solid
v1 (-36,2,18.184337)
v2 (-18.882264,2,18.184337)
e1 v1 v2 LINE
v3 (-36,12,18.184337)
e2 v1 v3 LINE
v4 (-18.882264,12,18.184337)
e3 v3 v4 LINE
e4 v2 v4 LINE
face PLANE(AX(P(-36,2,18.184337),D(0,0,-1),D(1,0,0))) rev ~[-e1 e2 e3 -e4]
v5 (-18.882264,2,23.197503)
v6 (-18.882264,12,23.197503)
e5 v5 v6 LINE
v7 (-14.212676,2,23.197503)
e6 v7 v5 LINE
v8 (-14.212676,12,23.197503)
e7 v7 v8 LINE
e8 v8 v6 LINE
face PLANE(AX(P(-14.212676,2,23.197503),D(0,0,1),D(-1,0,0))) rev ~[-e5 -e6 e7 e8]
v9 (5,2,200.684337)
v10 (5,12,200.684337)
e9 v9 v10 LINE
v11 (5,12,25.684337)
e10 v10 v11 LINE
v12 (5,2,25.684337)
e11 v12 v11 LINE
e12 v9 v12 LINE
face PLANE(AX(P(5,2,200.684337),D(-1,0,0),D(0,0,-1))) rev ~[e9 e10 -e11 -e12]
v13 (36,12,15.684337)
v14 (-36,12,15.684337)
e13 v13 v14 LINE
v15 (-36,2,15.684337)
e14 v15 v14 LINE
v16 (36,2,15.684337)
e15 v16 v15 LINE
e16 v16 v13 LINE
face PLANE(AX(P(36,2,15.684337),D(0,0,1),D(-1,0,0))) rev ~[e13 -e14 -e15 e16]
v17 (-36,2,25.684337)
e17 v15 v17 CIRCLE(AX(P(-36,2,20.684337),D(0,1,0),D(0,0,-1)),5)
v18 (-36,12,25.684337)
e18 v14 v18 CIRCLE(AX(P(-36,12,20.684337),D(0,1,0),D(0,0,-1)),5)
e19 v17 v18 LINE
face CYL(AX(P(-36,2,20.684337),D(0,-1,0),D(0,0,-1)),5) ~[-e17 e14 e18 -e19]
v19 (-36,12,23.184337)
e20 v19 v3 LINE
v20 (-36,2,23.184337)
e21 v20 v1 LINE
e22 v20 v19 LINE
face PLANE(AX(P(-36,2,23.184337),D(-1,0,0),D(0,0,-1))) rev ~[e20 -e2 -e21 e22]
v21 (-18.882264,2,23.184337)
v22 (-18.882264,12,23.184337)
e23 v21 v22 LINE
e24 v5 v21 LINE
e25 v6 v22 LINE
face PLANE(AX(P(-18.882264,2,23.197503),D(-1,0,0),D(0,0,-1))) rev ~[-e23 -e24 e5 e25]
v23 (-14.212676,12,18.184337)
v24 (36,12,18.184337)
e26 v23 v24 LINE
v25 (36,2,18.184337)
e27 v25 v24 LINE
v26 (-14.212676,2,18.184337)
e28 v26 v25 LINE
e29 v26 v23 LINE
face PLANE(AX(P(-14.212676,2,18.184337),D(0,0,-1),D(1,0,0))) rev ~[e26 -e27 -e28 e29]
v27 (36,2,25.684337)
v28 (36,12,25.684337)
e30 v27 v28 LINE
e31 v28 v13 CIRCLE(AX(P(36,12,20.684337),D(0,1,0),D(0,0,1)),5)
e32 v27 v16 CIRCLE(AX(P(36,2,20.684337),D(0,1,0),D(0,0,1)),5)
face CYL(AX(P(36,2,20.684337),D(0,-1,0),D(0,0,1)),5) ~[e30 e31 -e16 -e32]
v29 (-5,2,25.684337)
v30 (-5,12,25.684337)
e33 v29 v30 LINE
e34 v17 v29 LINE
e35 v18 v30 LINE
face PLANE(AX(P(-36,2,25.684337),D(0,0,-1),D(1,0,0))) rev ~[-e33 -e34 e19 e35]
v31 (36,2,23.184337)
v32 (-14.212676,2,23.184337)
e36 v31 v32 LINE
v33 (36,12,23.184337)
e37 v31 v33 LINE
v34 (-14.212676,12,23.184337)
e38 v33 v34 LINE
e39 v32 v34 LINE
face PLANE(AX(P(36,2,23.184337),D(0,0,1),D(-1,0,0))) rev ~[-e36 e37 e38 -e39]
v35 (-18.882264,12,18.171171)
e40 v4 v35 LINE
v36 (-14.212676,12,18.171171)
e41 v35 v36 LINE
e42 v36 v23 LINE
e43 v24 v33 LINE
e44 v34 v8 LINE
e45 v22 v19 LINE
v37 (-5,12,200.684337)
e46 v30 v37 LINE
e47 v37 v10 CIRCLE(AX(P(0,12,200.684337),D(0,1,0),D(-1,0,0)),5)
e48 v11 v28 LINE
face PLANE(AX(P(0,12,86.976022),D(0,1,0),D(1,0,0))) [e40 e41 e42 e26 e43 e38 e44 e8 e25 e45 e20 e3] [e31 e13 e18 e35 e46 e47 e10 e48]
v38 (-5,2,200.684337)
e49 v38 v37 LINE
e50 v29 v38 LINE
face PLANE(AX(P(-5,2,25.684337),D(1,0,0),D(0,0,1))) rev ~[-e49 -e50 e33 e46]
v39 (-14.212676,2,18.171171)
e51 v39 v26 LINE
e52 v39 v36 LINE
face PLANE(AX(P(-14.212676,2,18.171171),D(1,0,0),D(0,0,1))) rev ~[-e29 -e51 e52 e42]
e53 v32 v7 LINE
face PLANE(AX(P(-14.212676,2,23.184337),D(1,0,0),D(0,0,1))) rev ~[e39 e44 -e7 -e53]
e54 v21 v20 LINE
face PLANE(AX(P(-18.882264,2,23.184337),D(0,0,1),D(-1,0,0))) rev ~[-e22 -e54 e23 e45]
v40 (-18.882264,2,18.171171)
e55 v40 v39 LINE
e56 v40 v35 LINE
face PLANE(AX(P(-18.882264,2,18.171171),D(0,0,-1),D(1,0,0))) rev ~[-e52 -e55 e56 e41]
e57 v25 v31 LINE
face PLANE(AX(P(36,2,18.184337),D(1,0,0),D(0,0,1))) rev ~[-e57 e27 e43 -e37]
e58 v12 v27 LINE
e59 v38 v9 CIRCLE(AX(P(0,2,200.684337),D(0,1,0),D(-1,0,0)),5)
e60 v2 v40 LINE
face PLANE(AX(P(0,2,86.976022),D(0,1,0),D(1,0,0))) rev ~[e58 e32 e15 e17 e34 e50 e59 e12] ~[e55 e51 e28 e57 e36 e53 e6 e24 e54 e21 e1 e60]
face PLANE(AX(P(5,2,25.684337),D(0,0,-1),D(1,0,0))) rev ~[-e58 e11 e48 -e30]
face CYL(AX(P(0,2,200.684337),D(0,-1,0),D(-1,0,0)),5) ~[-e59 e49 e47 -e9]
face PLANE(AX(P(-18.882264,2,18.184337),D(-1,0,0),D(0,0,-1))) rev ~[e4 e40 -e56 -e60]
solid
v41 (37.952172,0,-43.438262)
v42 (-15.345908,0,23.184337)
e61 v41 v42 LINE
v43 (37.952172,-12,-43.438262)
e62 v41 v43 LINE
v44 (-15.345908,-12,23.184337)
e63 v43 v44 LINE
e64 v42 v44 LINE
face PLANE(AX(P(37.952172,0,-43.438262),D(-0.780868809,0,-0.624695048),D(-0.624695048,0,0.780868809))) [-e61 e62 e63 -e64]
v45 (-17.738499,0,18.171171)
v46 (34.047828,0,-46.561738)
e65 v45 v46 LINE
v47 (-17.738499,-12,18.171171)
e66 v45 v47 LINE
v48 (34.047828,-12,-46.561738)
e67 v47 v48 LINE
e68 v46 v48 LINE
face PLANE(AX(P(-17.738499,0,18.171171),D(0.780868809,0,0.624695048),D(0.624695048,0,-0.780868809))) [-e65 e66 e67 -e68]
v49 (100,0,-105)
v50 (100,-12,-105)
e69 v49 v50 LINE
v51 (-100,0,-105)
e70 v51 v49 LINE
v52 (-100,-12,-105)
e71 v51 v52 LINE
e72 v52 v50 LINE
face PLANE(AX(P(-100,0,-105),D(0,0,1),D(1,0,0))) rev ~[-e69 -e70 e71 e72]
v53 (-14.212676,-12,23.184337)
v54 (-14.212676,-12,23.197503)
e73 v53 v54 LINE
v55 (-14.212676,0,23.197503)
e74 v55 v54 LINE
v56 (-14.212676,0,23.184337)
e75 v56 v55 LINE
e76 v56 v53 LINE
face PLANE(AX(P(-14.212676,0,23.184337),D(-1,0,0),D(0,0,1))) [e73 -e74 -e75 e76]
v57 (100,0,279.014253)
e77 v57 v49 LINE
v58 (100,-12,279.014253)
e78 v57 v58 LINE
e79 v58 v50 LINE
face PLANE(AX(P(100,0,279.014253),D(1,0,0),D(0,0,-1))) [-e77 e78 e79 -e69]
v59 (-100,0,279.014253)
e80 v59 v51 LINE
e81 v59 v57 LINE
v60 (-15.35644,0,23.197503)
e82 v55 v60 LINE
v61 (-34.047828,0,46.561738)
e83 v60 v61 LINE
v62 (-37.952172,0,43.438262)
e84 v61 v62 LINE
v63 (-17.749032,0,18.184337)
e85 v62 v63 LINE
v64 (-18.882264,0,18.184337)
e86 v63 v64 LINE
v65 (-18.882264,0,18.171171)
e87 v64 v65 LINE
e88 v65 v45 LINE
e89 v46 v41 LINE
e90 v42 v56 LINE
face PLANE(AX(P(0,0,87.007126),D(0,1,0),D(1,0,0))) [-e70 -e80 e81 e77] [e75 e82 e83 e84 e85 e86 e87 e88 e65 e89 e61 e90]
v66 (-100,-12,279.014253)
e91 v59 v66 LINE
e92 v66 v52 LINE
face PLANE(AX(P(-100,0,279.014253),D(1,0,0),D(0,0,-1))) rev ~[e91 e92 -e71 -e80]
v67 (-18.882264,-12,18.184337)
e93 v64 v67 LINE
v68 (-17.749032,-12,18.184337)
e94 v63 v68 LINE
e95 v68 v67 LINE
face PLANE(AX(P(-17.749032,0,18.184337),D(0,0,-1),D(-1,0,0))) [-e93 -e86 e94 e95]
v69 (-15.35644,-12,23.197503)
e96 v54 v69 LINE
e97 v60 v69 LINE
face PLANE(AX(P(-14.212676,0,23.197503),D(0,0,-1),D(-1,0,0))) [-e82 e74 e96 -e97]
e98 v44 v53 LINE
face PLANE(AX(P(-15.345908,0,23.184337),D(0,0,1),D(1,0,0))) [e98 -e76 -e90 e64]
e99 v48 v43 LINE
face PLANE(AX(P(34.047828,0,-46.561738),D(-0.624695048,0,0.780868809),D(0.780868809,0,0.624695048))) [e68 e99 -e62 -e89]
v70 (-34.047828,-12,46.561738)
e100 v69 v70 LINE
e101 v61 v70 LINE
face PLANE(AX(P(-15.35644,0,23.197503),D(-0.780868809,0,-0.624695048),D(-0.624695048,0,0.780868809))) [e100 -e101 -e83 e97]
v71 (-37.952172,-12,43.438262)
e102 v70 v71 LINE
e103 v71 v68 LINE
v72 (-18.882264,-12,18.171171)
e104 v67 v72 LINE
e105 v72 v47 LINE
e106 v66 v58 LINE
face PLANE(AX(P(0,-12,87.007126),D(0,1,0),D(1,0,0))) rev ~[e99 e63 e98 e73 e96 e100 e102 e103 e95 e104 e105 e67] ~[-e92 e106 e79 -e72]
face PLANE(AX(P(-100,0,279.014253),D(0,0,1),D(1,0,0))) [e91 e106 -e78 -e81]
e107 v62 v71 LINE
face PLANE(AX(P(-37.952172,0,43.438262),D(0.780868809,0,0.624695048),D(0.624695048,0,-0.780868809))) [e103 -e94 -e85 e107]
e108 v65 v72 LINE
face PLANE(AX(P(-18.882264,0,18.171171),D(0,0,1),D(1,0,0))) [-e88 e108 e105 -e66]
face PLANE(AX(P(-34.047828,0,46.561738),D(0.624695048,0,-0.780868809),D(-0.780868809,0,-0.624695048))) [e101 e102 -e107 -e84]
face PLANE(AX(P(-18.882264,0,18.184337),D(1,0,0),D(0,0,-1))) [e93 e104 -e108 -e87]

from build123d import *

# Parameters (mm, degrees)
SKETCH1_W           = 200
SKETCH1_H           = 384.014252746
BOSS_EXTRUDE2_DEPTH = 12
BOSS_EXTRUDE4_START = 2
BOSS_EXTRUDE4_DEPTH = 10


with BuildPart() as part:
    # Sketch1 → Boss-Extrude2 (new body)
    with BuildSketch(Plane(origin=(0, 0, 0), x_dir=(1, 0, 0), z_dir=(0, 1, 0))):
        with Locations((0, -87.007126373)):
            Rectangle(SKETCH1_W, SKETCH1_H)
        Polygon((-34.047827976, -46.561737619), (-37.952172024, -43.438262381), (-17.749031902, -18.184337229), (-18.882263977, -18.184337229), (-18.882263977, -18.171171442), (-17.738499272, -18.171171442), (34.047827976, 46.561737619), (37.952172024, 43.438262381), (-15.345907664, -23.184337229), (-14.212675588, -23.184337229), (-14.212675588, -23.197503015), (-15.356440294, -23.197503015), align=None, mode=Mode.SUBTRACT)
    extrude(amount=-BOSS_EXTRUDE2_DEPTH)


with BuildPart() as body_2:
    # Sketch1<5> → Boss-Extrude4 (new body)
    with BuildSketch(Plane(origin=(0, 0, 0), x_dir=(1, 0, 0), z_dir=(0, 1, 0)).offset(BOSS_EXTRUDE4_START)):
        with BuildLine():
            ThreePointArc((-5, -200.684337229), (0, -205.684337229), (5, -200.684337229))
            Line((5, -200.684337229), (5, -25.684337229))
            Line((5, -25.684337229), (36, -25.684337229))
            ThreePointArc((36, -25.684337229), (41, -20.684337229), (36, -15.684337229))
            Line((36, -15.684337229), (-36, -15.684337229))
            ThreePointArc((-36, -15.684337229), (-41, -20.684337229), (-36, -25.684337229))
            Line((-36, -25.684337229), (-5, -25.684337229))
            Line((-5, -25.684337229), (-5, -200.684337229))
        make_face()
        Polygon((-14.212675588, -23.184337229), (-14.212675588, -23.197503015), (-18.882263977, -23.197503015), (-18.882263977, -23.184337229), (-36, -23.184337229), (-36, -18.184337229), (-18.882263977, -18.184337229), (-18.882263977, -18.171171442), (-14.212675588, -18.171171442), (-14.212675588, -18.184337229), (36, -18.184337229), (36, -23.184337229), align=None, mode=Mode.SUBTRACT)
    extrude(amount=BOSS_EXTRUDE4_DEPTH)


solid = Compound([part.part, body_2.part])
